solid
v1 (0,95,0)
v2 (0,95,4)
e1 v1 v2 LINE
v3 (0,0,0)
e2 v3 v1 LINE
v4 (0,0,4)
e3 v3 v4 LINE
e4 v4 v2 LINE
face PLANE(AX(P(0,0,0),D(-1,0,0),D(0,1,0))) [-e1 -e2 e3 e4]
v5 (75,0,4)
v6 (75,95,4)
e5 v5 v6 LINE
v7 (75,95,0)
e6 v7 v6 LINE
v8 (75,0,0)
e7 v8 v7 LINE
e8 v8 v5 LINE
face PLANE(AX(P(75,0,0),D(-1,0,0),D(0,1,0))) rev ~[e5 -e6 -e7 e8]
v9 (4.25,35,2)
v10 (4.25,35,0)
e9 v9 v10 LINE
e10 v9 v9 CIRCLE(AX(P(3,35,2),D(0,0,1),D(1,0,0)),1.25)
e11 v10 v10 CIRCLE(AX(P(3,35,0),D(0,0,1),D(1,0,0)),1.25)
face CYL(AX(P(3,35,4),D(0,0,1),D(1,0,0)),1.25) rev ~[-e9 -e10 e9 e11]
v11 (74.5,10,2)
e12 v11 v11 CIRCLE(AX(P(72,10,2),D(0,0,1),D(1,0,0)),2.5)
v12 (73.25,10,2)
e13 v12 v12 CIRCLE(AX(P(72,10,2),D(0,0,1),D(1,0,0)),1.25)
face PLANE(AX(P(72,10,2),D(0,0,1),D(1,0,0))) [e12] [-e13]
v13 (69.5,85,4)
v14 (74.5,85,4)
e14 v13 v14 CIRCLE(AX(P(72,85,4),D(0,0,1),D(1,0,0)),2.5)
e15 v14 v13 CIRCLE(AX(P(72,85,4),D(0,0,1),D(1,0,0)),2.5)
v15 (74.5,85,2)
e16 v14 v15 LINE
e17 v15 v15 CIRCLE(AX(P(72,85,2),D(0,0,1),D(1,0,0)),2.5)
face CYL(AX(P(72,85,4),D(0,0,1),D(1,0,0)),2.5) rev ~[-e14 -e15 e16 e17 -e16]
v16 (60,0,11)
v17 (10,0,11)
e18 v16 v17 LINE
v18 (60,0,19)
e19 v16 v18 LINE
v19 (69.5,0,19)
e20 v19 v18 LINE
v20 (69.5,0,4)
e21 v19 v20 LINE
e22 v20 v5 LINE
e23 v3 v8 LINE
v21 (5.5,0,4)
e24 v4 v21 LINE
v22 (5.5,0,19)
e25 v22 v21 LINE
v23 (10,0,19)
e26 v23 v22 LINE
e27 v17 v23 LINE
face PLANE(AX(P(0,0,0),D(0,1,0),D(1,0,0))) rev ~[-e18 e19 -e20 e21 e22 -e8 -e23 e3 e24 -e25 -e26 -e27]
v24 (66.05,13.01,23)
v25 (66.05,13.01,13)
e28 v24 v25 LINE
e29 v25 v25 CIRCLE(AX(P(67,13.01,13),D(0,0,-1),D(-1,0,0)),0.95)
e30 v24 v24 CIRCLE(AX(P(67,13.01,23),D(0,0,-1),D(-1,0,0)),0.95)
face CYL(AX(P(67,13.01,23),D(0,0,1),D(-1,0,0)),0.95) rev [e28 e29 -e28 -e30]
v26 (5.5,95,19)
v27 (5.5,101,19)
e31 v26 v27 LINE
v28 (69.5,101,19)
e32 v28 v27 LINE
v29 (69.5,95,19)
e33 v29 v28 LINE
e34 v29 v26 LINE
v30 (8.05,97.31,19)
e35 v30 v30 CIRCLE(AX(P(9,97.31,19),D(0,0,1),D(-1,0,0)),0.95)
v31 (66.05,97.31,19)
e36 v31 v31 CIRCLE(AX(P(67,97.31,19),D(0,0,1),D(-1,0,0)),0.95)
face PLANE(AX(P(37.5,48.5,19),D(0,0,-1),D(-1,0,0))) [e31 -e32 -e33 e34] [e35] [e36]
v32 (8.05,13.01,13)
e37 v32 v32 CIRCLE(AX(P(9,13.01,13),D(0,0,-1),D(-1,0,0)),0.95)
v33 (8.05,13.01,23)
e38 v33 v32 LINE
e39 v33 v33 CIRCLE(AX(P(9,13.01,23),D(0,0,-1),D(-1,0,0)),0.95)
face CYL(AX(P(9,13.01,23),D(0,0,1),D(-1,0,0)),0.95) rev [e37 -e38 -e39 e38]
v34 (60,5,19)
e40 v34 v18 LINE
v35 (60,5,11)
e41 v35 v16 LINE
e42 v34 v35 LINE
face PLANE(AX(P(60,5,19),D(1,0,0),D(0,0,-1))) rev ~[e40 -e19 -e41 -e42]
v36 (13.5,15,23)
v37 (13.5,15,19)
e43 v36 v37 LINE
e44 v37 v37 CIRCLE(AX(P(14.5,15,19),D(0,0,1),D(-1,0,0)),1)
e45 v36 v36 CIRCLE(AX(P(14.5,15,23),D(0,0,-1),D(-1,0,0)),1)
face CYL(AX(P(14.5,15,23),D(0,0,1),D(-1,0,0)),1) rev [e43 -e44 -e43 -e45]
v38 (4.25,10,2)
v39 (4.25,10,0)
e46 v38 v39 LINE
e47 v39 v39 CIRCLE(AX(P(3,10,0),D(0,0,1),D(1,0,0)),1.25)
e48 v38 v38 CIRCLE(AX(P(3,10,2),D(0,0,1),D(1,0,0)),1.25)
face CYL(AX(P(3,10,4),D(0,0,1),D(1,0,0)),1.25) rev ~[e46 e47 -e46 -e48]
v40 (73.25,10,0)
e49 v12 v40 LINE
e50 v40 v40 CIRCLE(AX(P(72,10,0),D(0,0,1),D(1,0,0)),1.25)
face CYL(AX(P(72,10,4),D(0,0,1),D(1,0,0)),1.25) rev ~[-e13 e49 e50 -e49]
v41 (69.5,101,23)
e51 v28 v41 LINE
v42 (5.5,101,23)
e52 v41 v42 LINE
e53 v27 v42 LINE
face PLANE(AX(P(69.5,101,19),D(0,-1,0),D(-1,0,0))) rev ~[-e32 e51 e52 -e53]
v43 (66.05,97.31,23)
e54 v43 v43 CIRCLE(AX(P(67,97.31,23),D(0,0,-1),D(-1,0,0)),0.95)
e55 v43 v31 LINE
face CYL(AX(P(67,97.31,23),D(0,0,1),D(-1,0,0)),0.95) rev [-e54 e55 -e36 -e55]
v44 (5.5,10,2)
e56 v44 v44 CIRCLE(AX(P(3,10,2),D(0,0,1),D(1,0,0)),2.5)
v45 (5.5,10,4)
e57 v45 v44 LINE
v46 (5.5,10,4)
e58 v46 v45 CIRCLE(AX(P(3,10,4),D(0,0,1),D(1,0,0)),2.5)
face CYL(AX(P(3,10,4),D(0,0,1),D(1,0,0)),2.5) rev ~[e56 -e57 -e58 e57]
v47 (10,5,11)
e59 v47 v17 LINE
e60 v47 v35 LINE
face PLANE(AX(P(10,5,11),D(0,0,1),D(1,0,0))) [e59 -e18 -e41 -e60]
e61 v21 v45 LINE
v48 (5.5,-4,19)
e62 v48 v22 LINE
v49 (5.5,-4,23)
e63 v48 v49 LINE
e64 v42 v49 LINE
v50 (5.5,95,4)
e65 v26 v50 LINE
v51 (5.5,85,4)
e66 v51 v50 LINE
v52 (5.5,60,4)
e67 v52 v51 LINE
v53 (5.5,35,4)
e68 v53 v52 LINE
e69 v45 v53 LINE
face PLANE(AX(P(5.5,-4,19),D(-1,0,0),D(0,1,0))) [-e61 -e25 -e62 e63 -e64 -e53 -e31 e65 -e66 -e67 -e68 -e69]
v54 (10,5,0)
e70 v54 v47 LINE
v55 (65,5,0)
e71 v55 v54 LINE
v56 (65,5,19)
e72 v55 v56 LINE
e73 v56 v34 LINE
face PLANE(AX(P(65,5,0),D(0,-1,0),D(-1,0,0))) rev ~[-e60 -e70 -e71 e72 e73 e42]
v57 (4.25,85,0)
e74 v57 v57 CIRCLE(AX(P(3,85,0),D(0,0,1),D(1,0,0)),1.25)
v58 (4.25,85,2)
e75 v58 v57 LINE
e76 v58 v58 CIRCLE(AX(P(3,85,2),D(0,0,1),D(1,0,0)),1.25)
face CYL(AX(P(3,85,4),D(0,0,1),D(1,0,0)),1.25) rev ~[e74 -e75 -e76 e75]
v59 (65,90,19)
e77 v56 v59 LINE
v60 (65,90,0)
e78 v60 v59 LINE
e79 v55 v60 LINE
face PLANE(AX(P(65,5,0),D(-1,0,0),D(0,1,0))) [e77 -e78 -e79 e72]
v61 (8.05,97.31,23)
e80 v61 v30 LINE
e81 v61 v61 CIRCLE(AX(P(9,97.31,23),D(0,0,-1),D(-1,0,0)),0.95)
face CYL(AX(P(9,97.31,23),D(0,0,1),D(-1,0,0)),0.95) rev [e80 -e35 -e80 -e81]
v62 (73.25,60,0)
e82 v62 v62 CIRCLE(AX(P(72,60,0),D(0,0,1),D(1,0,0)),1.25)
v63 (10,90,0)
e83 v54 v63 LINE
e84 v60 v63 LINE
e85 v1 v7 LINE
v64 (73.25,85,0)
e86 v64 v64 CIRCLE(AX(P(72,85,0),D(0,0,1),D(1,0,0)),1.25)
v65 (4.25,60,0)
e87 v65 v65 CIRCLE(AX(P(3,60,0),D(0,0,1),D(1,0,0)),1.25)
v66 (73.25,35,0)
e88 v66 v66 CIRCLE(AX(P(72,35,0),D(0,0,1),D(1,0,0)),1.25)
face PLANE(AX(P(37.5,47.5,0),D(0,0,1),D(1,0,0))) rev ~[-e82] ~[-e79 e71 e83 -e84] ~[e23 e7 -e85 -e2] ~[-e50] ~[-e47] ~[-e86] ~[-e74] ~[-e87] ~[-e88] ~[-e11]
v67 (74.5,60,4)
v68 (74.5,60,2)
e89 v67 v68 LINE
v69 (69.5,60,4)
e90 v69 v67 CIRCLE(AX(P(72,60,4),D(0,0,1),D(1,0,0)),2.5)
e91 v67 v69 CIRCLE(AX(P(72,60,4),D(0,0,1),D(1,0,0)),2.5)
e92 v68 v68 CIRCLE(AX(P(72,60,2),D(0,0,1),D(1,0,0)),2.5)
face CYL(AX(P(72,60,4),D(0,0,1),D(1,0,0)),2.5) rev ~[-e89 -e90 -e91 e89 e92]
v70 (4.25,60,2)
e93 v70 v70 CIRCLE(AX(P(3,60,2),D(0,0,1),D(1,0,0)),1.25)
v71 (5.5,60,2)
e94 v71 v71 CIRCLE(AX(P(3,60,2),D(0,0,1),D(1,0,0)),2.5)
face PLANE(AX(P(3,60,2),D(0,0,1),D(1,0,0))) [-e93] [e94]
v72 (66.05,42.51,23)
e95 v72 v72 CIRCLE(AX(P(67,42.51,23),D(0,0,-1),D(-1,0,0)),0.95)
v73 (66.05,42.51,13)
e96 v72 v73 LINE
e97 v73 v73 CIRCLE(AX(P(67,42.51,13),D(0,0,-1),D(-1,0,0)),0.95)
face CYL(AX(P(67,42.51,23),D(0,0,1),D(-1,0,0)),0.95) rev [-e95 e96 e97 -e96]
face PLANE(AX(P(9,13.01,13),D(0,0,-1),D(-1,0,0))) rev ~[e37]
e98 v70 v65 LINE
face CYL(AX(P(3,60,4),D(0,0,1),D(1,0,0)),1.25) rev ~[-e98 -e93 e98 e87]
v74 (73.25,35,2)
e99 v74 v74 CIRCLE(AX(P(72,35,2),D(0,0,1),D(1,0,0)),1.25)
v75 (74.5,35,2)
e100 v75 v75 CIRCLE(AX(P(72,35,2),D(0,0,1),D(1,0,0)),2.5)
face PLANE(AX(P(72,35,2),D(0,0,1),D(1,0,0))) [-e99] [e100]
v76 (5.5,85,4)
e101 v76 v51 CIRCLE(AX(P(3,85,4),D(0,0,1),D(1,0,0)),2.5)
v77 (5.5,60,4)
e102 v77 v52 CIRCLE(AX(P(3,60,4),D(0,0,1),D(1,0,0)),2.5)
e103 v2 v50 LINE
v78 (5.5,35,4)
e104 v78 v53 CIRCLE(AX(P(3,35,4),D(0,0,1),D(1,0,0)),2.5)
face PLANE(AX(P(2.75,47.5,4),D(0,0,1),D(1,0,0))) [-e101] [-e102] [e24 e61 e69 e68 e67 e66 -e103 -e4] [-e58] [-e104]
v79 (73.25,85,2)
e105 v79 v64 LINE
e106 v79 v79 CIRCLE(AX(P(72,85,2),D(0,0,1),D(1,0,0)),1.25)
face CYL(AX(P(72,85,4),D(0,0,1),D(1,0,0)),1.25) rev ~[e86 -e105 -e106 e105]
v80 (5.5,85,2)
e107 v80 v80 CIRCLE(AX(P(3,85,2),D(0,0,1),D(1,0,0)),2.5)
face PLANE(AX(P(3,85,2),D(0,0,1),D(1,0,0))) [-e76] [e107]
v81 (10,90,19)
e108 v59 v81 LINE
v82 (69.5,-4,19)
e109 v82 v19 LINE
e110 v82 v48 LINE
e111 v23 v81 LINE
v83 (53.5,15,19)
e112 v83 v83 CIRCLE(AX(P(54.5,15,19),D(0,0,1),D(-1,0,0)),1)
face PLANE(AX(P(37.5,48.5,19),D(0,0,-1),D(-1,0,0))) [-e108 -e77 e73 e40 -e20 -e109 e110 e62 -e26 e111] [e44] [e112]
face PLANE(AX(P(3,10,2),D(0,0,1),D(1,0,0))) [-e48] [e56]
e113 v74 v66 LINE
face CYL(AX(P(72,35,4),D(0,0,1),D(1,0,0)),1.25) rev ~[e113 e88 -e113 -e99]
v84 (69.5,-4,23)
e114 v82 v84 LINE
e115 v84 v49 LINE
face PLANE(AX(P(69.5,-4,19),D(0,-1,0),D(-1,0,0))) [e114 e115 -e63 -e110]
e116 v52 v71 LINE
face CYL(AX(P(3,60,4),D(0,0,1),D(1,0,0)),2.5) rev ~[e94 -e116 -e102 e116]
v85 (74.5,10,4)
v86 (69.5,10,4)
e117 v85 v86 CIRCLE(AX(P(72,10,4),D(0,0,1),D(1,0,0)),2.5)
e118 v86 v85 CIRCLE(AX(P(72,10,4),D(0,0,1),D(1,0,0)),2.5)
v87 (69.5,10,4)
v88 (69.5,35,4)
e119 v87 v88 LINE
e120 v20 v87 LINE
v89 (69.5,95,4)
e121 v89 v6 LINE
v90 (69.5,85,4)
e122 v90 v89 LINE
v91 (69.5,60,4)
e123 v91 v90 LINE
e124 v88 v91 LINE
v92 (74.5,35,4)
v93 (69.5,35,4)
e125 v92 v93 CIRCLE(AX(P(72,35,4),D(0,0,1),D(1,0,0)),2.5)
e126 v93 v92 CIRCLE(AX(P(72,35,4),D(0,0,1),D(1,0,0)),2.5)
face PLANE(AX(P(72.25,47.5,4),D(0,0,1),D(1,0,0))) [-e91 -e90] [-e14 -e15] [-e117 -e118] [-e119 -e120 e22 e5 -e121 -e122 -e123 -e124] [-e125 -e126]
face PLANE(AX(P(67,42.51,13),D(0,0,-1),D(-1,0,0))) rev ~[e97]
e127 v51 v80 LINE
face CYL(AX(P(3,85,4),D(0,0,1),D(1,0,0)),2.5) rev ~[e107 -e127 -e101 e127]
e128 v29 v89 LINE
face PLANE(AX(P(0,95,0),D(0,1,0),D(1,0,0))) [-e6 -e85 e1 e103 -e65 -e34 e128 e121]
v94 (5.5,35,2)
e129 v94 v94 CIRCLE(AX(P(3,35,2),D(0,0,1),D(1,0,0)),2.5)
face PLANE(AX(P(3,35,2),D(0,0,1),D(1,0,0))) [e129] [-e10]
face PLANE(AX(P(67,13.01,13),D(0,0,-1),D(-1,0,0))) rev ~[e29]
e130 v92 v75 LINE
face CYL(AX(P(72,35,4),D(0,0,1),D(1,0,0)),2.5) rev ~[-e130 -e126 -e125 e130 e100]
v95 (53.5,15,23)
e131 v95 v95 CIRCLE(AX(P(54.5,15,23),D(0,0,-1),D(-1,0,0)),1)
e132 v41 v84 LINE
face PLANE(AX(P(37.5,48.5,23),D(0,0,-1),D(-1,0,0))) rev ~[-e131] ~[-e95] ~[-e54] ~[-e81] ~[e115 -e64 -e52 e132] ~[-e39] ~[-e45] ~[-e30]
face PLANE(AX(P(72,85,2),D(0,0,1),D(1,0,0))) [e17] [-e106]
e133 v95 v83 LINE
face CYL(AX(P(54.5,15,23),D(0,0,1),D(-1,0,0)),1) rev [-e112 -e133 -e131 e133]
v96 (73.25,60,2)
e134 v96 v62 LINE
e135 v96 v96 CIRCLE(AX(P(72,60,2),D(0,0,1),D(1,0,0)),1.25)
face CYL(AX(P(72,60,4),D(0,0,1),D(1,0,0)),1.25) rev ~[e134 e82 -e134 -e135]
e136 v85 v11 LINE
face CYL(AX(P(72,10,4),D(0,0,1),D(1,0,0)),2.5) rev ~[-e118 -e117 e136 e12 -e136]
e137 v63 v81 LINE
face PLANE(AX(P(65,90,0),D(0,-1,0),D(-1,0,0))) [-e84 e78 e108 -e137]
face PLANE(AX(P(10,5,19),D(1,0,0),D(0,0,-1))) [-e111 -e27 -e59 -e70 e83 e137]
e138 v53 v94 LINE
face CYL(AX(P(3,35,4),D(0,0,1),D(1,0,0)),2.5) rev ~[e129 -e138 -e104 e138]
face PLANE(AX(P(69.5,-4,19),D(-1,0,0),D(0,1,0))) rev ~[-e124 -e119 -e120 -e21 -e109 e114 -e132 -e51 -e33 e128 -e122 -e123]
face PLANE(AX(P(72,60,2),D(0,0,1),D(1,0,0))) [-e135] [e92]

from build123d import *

# Parameters (mm, degrees)
SKETCH1_W           = 75
SKETCH1_H           = 95
BOSS_EXTRUDE1_DEPTH = 23
SKETCH3_W           = 55
SKETCH3_H           = 85
CUT_EXTRUDE2_DEPTH  = 19
SKETCH11_W          = 64
SKETCH11_H          = 105
BOSS_EXTRUDE2_DEPTH = 4
SKETCH5_W           = 5.5
SKETCH5_H           = 95
CUT_EXTRUDE4_DEPTH  = 19
SKETCH4_R           = 0.95
SKETCH4_R_2         = 1
CUT_EXTRUDE3_DEPTH  = 10
SKETCH6_R           = 1.25
CUT_EXTRUDE5_DEPTH  = 5
CUT_EXTRUDE6_REACH  = 11
SKETCH7_W           = 50
SKETCH7_H           = 8
SKETCH10_R          = 2.5
CUT_EXTRUDE9_DEPTH  = 2


with BuildPart() as part:
    # Sketch1 → Boss-Extrude1 (new body)
    with BuildSketch(Plane.XY):
        with Locations((37.5, 47.5)):
            Rectangle(SKETCH1_W, SKETCH1_H)
    extrude(amount=BOSS_EXTRUDE1_DEPTH)

    # Sketch3 → Cut-Extrude2 (cut)
    with BuildSketch(Plane(origin=(0, 0, 0), x_dir=(-1, 0, 0), z_dir=(0, 0, -1))):
        with Locations((-37.5, 47.5)):
            Rectangle(SKETCH3_W, SKETCH3_H)
    extrude(amount=-CUT_EXTRUDE2_DEPTH, mode=Mode.SUBTRACT)

    # Sketch11 → Boss-Extrude2 (add)
    with BuildSketch(Plane(origin=(0, 0, 19), x_dir=(-1, 0, 0), z_dir=(0, 0, -1))):
        with Locations((-37.5, 48.5)):
            Rectangle(SKETCH11_W, SKETCH11_H)
    extrude(amount=-BOSS_EXTRUDE2_DEPTH)

    # Sketch5 → Cut-Extrude4 (cut)
    with BuildSketch(Plane.XY.offset(23)):
        with Locations((72.25, 47.5)):
            Rectangle(SKETCH5_W, SKETCH5_H)
        with Locations((2.75, 47.5)):
            Rectangle(SKETCH5_W, SKETCH5_H)
    extrude(amount=-CUT_EXTRUDE4_DEPTH, mode=Mode.SUBTRACT)

    # Sketch4 → Cut-Extrude3 (cut)
    with BuildSketch(Plane(origin=(0, 0, 23), x_dir=(-1, 0, 0), z_dir=(0, 0, -1))):
        with Locations((-9, 97.31)):
            Circle(SKETCH4_R)
        with Locations((-67, 97.31)):
            Circle(SKETCH4_R)
        with Locations((-67, 42.51)):
            Circle(SKETCH4_R)
        with Locations((-67, 13.01)):
            Circle(SKETCH4_R)
        with Locations((-9, 13.01)):
            Circle(SKETCH4_R)
        with Locations((-14.5, 15)):
            Circle(SKETCH4_R_2)
        with Locations((-54.5, 15)):
            Circle(SKETCH4_R_2)
    extrude(amount=CUT_EXTRUDE3_DEPTH, mode=Mode.SUBTRACT)

    # Sketch6 → Cut-Extrude5 (cut, through all)
    with BuildSketch(Plane.XY.offset(4)):
        with Locations((72, 10)):
            Circle(SKETCH6_R)
        with Locations((3, 10)):
            Circle(SKETCH6_R)
        with Locations((72, 35)):
            Circle(SKETCH6_R)
        with Locations((3, 35)):
            Circle(SKETCH6_R)
        with Locations((72, 60)):
            Circle(SKETCH6_R)
        with Locations((3, 60)):
            Circle(SKETCH6_R)
        with Locations((72, 85)):
            Circle(SKETCH6_R)
        with Locations((3, 85)):
            Circle(SKETCH6_R)
    extrude(amount=-CUT_EXTRUDE5_DEPTH, mode=Mode.SUBTRACT)

    # Sketch7 → Cut-Extrude6 (cut, up to next)
    with BuildSketch(Plane(origin=(0, 5, 0), x_dir=(1, 0, 0), z_dir=(0, 1, 0)), mode=Mode.PRIVATE) as cut_extrude6_sk1:
        with Locations((35, -15)):
            Rectangle(SKETCH7_W, SKETCH7_H)
    cut_extrude6_tool1 = extrude(cut_extrude6_sk1.sketch, amount=-CUT_EXTRUDE6_REACH, mode=Mode.PRIVATE) & part.part
    add(cut_extrude6_tool1.solids().sort_by_distance((35, 5, 15))[0], mode=Mode.SUBTRACT)

    # Sketch10 → Cut-Extrude9 (cut)
    with BuildSketch(Plane.XY.offset(4)):
        with Locations((72, 10)):
            Circle(SKETCH10_R)
        with Locations((72, 35)):
            Circle(SKETCH10_R)
        with Locations((72, 60)):
            Circle(SKETCH10_R)
        with Locations((72, 85)):
            Circle(SKETCH10_R)
        with Locations((3, 10)):
            Circle(SKETCH10_R)
        with Locations((3, 35)):
            Circle(SKETCH10_R)
        with Locations((3, 60)):
            Circle(SKETCH10_R)
        with Locations((3, 85)):
            Circle(SKETCH10_R)
    extrude(amount=-CUT_EXTRUDE9_DEPTH, mode=Mode.SUBTRACT)


solid = part.part
